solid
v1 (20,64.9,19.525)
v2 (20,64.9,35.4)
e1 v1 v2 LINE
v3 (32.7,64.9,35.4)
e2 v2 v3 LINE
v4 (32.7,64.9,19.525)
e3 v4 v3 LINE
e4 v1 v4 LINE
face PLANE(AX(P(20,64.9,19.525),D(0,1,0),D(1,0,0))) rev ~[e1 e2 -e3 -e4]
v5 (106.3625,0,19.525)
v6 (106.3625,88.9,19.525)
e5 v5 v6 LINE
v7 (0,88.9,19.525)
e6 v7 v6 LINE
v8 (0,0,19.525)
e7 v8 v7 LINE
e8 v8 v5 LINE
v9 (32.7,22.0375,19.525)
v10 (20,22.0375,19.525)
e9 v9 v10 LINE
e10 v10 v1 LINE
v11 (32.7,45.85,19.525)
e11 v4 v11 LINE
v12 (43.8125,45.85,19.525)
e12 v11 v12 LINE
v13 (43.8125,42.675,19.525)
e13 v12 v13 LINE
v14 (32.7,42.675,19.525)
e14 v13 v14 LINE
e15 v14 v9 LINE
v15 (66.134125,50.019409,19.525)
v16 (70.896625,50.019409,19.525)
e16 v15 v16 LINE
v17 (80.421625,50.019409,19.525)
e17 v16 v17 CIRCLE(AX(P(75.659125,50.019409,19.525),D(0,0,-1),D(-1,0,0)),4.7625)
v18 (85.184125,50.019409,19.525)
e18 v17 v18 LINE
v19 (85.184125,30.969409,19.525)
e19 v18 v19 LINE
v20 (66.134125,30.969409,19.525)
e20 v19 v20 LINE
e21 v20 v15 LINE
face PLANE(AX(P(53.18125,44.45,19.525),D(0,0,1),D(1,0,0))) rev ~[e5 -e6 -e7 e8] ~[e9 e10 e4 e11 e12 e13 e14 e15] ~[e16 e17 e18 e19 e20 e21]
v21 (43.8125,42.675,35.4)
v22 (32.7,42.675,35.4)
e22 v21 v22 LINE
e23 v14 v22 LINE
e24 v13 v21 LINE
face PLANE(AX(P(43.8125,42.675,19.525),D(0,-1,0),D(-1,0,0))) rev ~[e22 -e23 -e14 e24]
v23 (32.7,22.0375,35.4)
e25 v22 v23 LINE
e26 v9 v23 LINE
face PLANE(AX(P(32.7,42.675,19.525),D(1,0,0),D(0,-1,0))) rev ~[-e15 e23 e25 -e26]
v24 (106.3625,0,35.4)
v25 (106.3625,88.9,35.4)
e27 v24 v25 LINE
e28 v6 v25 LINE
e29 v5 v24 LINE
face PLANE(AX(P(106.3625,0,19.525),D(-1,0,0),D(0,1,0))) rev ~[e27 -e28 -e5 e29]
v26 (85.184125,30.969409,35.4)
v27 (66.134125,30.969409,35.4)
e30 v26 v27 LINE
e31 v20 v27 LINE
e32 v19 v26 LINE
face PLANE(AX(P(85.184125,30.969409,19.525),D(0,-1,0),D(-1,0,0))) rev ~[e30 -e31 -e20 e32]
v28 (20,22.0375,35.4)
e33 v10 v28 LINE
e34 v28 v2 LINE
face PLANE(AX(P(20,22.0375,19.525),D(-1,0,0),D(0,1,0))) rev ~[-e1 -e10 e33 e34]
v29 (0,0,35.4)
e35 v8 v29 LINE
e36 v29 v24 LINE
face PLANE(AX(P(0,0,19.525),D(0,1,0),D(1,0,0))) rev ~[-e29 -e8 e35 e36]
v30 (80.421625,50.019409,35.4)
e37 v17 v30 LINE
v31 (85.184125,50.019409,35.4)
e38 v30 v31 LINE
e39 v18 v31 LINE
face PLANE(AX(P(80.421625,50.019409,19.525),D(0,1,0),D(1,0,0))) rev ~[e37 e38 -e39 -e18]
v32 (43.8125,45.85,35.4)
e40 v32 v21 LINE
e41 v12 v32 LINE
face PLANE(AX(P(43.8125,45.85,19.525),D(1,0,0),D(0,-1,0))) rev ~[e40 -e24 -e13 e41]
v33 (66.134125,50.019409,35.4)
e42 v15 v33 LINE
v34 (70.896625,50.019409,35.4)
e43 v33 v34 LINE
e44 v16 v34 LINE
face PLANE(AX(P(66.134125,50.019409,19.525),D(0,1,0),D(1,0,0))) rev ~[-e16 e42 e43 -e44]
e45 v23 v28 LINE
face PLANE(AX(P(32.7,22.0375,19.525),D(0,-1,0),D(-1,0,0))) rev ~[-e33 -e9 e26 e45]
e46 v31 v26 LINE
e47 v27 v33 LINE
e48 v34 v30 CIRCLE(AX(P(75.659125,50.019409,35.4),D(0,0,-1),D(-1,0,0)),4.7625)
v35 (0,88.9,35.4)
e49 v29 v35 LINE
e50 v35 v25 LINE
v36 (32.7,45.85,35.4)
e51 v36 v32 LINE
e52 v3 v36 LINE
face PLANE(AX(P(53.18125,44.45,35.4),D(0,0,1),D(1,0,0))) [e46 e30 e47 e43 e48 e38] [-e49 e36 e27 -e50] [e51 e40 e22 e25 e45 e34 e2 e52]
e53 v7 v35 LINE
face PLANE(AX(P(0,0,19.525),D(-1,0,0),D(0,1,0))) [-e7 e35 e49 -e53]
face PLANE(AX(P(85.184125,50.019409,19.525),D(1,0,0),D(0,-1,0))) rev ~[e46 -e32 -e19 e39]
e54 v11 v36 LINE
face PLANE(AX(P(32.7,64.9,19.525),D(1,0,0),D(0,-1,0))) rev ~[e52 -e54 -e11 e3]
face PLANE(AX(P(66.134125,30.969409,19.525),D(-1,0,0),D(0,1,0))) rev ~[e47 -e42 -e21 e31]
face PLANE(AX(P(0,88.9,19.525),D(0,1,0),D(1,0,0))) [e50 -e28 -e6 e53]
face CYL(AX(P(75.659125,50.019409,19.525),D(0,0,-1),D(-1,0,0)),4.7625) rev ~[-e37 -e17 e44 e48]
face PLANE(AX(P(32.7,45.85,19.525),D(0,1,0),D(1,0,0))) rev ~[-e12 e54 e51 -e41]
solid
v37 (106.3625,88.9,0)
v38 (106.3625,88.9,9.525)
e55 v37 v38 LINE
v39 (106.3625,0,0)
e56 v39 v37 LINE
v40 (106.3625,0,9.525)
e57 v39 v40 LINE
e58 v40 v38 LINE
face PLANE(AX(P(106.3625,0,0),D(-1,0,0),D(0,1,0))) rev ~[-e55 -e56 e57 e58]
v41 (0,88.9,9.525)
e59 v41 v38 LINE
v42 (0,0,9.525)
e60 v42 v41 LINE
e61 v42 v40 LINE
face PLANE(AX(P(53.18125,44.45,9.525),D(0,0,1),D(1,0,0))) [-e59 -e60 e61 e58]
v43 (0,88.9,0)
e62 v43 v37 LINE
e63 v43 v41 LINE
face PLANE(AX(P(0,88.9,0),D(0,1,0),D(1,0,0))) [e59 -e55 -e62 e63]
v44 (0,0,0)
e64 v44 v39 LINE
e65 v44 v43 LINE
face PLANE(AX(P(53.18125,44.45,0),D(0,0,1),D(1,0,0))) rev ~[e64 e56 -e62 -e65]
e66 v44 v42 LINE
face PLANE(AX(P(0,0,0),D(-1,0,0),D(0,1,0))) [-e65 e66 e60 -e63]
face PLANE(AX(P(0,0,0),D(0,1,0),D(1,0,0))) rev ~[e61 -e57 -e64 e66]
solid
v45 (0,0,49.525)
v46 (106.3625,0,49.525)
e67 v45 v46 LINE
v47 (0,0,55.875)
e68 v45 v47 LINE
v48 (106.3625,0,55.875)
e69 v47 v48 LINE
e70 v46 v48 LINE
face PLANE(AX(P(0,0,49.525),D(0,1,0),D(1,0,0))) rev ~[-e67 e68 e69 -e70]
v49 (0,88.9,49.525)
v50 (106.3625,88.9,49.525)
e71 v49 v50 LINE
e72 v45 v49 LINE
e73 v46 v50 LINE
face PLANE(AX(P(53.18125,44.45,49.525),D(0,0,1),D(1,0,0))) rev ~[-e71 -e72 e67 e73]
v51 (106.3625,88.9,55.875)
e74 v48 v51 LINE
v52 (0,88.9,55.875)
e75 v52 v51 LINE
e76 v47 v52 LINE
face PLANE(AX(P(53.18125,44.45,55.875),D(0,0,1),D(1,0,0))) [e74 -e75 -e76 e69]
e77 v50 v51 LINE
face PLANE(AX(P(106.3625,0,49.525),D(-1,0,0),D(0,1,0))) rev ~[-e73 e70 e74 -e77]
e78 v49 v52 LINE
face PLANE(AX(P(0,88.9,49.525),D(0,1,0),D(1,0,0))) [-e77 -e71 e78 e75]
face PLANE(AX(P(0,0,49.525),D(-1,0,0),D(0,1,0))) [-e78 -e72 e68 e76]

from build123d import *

# Parameters (mm, degrees)
F0_W     = 106.3625
F0_H     = 88.9
F1_DEPTH = 9.525
F3_W     = 106.3625
F3_H     = 88.9
F4_DEPTH = 15.875
F6_W     = 106.3625
F6_H     = 88.9
F7_DEPTH = 6.35


with BuildPart() as f1:
    # F0 (on Top) → F1 (new body)
    with BuildSketch(Plane.XY):
        with Locations((53.18125, 44.45)):
            Rectangle(F0_W, F0_H)
    extrude(amount=F1_DEPTH)


with BuildPart() as f4:
    # F3 (on offset) → F4 (new body)
    with BuildSketch(Plane.XY.offset(19.525)):
        with Locations((53.18125, 44.45)):
            Rectangle(F3_W, F3_H)
        Polygon((20, 22.0375), (20, 64.9), (32.7, 64.9), (32.7, 45.85), (43.8125, 45.85), (43.8125, 42.675), (32.7, 42.675), (32.7, 22.0375), align=None, mode=Mode.SUBTRACT)
        with BuildLine():
            ThreePointArc((70.8966249943, 50.0194092721), (75.6591249943, 54.7819092721), (80.4216249943, 50.0194092721))
            Line((80.4216249943, 50.0194092721), (85.1841249943, 50.0194092721))
            Line((85.1841249943, 50.0194092721), (85.1841249943, 30.9694092721))
            Line((85.1841249943, 30.9694092721), (66.1341249943, 30.9694092721))
            Line((66.1341249943, 30.9694092721), (66.1341249943, 50.0194092721))
            Line((66.1341249943, 50.0194092721), (70.8966249943, 50.0194092721))
        make_face(mode=Mode.SUBTRACT)
    extrude(amount=F4_DEPTH)


with BuildPart() as f7:
    # F6 (on offset) → F7 (new body)
    with BuildSketch(Plane.XY.offset(49.525)):
        with Locations((53.18125, 44.45)):
            Rectangle(F6_W, F6_H)
    extrude(amount=F7_DEPTH)


solid = Compound([f1.part, f4.part, f7.part])
